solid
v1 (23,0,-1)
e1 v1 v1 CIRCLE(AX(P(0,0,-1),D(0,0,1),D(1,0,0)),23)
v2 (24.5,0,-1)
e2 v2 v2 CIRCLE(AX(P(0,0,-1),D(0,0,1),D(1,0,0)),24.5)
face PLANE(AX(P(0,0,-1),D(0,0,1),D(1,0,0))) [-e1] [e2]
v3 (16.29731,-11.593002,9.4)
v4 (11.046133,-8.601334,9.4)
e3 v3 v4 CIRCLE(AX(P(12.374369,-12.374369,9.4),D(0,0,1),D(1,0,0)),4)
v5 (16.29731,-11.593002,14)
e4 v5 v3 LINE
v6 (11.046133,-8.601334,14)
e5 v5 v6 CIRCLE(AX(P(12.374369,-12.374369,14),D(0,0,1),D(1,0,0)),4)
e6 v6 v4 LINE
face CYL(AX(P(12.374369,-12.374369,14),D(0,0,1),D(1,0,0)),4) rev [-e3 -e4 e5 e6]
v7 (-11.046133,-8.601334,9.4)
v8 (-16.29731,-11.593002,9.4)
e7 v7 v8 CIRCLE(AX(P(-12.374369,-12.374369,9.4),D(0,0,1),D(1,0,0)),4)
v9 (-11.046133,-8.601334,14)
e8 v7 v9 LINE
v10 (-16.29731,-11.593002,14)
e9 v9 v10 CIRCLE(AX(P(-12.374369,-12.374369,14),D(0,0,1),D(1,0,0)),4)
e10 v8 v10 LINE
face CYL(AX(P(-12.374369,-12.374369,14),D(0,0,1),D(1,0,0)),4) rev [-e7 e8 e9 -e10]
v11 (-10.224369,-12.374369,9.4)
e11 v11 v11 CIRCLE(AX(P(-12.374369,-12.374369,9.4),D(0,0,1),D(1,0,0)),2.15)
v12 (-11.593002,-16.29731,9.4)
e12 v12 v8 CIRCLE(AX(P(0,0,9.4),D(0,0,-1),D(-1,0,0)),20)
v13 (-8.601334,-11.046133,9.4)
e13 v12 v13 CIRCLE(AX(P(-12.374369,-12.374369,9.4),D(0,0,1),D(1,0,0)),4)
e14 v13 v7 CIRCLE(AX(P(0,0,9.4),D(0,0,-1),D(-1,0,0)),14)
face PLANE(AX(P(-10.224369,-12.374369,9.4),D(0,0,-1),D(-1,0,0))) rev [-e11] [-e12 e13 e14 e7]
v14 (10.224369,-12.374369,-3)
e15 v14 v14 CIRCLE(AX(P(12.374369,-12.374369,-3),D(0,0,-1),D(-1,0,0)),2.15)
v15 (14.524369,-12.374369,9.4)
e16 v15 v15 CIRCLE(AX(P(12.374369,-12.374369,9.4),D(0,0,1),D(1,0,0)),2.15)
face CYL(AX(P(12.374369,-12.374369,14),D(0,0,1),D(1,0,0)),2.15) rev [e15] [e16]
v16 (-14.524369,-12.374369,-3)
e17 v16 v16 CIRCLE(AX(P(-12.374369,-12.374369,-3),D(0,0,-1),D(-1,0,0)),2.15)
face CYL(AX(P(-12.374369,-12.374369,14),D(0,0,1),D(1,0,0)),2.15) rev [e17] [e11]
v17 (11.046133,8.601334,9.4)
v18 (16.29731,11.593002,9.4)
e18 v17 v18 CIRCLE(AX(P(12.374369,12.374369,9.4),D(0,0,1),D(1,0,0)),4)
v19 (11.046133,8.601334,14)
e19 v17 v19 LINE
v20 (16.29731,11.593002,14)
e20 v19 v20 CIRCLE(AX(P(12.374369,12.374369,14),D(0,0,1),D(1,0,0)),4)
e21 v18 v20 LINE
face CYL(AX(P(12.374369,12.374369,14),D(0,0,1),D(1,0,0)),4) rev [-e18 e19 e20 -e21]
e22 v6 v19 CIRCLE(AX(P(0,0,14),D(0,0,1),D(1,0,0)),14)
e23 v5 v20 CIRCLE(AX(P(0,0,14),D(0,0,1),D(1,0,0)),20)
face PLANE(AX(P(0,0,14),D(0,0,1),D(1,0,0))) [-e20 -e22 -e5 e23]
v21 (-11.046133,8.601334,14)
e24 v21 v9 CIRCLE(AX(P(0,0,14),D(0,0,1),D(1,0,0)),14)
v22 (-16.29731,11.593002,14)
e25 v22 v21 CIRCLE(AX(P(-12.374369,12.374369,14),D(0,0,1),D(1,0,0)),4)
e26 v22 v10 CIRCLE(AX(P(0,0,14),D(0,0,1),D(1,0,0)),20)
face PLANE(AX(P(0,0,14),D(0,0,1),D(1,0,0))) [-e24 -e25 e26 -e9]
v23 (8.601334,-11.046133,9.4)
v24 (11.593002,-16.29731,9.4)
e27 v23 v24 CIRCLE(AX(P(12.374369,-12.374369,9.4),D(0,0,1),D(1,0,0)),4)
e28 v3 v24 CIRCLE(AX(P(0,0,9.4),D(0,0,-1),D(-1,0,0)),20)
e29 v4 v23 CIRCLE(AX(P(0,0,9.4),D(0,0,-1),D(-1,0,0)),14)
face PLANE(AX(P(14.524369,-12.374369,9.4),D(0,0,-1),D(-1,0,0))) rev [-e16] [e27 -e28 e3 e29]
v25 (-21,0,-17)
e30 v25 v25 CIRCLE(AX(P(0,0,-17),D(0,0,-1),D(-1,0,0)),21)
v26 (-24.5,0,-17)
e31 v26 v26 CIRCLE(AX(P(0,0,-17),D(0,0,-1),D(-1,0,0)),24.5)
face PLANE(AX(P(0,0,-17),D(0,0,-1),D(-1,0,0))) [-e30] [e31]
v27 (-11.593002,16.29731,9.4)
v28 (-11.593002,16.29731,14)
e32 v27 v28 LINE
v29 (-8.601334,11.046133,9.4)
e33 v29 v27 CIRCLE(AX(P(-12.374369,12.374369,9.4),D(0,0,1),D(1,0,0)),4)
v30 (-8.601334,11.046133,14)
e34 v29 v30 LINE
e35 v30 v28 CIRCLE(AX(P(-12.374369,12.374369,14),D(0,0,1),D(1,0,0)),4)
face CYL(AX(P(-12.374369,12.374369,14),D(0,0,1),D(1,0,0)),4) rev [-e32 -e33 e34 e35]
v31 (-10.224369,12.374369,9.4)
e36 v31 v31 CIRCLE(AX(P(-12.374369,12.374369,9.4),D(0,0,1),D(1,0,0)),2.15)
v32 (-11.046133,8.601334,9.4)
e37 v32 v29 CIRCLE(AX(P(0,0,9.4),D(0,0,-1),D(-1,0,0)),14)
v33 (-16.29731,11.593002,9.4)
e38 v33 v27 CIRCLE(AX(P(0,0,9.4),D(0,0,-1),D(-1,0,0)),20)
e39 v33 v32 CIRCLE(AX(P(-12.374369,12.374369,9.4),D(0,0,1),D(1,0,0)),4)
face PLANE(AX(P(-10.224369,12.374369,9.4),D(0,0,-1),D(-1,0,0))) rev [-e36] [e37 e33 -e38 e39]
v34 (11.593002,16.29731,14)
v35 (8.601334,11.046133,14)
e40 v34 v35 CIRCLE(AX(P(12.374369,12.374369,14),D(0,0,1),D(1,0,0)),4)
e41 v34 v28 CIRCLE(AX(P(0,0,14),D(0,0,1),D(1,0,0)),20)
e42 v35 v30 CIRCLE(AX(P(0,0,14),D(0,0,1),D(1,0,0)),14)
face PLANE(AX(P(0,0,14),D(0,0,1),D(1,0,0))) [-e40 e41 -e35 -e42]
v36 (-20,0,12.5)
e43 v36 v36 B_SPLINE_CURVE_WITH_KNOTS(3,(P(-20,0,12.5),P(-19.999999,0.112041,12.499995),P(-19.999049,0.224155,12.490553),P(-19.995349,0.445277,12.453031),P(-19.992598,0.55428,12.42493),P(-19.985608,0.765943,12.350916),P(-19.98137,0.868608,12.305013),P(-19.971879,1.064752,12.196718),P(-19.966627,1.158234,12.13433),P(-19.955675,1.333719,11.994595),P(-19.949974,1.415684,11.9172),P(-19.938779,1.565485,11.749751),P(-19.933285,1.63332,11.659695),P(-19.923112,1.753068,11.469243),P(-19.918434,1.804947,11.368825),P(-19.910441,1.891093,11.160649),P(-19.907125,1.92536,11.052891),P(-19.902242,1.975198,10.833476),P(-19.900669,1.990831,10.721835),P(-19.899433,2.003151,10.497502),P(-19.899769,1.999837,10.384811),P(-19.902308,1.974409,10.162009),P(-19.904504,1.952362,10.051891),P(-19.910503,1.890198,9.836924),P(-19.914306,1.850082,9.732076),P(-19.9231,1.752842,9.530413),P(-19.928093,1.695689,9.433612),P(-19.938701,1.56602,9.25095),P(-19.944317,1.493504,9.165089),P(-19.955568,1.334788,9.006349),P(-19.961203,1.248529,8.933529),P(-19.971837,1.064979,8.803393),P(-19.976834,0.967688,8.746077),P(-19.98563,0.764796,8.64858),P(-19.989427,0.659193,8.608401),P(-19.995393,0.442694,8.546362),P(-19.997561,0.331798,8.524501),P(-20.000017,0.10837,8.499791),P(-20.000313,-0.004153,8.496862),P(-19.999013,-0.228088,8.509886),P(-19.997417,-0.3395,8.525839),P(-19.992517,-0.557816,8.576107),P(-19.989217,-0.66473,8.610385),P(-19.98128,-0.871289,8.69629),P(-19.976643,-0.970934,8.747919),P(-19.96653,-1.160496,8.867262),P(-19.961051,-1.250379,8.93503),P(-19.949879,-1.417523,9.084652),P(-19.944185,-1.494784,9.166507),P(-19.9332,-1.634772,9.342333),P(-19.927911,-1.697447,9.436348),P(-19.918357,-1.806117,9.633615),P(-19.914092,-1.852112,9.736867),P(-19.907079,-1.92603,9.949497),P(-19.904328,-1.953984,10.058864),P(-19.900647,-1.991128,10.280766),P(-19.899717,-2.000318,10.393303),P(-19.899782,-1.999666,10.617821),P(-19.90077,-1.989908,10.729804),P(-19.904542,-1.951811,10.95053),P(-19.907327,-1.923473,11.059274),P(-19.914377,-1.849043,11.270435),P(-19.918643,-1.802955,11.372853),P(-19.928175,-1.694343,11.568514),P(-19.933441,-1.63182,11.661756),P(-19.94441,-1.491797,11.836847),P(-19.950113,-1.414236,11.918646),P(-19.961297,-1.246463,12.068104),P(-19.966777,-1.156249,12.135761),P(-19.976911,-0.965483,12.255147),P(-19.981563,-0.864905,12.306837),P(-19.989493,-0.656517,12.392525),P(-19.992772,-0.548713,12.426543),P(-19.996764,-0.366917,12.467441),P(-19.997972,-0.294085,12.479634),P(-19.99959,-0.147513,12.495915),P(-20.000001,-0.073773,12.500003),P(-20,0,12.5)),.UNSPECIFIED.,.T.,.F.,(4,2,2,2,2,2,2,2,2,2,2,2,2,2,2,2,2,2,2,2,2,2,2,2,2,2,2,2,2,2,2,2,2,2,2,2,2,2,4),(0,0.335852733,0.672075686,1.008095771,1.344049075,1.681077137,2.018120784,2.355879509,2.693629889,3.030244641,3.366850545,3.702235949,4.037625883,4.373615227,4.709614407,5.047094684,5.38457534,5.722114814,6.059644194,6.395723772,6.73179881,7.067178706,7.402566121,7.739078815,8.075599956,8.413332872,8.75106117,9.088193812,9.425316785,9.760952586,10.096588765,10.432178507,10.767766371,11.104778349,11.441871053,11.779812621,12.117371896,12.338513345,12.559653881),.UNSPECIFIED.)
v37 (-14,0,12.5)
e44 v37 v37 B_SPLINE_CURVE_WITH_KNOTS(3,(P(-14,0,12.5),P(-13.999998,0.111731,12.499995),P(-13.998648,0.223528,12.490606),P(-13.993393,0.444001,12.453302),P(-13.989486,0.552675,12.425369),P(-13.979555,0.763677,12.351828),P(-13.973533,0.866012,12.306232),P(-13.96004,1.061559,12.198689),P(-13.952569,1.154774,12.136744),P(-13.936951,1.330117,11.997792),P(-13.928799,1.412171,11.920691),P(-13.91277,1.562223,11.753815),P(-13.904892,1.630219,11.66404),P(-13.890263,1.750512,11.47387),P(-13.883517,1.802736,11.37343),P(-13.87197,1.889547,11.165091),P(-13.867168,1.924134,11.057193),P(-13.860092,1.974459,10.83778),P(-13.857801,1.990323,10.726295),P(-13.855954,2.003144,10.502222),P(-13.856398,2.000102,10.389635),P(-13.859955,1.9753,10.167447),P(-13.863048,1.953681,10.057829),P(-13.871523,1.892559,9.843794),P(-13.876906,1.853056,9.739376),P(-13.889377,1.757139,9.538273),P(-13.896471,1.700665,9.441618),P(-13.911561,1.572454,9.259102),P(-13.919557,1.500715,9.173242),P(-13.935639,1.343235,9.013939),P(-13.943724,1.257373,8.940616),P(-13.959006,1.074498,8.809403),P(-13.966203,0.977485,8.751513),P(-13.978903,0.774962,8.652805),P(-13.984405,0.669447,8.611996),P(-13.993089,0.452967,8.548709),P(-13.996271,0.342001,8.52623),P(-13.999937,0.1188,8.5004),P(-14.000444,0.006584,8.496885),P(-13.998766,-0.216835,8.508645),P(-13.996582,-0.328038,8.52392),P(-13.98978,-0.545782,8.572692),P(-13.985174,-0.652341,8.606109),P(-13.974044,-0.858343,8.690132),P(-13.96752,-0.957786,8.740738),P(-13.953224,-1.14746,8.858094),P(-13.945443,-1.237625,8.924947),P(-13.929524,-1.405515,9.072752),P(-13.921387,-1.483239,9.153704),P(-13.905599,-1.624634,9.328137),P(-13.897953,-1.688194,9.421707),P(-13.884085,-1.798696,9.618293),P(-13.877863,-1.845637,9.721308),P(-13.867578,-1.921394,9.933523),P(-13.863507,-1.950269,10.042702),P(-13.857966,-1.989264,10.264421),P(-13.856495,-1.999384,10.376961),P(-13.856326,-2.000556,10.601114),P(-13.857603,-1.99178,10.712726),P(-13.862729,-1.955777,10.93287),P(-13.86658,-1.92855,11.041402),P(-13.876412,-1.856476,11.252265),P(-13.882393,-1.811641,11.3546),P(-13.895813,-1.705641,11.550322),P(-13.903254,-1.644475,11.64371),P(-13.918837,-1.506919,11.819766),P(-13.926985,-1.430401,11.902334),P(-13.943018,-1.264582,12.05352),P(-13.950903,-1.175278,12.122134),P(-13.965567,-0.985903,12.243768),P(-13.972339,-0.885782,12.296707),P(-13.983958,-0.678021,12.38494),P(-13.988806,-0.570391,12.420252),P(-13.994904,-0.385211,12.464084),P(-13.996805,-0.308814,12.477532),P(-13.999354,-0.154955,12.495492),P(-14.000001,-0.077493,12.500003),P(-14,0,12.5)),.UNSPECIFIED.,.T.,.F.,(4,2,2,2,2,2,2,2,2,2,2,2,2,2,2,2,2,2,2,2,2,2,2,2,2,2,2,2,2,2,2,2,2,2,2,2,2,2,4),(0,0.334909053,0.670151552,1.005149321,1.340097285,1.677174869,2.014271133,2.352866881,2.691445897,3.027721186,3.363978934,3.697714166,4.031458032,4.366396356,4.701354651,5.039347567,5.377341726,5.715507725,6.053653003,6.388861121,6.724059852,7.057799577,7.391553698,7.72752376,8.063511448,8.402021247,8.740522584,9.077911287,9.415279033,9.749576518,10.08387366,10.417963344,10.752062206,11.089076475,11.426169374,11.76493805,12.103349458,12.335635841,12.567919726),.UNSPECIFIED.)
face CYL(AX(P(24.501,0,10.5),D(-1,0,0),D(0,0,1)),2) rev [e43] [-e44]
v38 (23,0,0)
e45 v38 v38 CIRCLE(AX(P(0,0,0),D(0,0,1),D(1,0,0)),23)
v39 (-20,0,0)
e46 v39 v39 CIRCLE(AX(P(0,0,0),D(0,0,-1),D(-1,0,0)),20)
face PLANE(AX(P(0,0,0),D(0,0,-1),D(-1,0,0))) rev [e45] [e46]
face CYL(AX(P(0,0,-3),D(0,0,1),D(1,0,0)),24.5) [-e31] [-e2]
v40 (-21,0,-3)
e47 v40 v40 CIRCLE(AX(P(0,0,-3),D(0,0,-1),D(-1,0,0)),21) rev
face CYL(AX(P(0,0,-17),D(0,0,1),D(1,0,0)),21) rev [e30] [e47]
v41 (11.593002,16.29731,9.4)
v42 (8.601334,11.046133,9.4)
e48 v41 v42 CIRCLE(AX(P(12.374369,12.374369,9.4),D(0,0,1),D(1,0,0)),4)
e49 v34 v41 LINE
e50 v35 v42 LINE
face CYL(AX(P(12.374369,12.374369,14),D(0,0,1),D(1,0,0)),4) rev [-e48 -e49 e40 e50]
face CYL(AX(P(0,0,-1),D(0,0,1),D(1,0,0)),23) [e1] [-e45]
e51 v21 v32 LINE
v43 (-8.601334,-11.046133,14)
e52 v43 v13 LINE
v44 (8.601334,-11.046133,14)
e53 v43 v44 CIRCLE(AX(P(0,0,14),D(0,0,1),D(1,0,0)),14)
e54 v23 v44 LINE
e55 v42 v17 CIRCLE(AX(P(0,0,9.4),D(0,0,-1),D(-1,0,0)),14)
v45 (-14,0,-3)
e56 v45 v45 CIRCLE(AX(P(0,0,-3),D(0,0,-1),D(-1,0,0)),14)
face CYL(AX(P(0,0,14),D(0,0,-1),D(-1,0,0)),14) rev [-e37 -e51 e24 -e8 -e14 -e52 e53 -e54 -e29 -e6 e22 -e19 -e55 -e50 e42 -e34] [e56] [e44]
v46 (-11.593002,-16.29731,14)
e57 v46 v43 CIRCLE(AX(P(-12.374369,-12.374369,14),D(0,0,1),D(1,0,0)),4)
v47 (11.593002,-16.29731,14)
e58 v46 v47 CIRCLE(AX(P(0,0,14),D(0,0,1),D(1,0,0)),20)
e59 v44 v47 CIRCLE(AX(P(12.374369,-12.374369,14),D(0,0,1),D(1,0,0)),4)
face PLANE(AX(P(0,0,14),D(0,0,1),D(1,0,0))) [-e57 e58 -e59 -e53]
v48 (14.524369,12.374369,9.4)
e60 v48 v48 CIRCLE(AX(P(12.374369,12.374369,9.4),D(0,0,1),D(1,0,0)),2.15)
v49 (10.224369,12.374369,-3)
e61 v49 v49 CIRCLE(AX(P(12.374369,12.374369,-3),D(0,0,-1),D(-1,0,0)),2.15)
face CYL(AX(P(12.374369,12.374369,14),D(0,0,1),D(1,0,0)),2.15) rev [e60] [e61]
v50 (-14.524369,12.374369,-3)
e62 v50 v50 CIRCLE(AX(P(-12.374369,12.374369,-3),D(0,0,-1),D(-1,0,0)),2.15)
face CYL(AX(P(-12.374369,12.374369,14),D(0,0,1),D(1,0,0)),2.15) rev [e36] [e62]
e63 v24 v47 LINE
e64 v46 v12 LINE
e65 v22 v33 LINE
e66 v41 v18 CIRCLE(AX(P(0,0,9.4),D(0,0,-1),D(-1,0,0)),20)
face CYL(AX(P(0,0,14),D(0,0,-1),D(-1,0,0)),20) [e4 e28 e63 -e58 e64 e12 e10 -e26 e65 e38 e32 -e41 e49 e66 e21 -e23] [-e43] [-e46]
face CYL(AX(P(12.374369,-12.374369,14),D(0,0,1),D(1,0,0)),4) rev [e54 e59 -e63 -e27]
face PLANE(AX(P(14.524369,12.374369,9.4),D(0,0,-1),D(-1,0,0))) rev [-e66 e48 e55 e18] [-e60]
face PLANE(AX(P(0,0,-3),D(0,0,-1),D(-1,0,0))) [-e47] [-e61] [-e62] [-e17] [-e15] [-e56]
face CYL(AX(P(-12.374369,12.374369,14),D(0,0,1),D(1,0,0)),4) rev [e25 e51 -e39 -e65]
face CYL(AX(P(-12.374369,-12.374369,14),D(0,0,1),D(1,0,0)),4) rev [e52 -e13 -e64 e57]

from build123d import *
from build123d.topology import SkipClean

# Parameters (mm, degrees)
SKETCH_1_R                = 20
SKETCH_1_R_2              = 14
EXTRUDE_1_DEPTH           = 14
EXTRUDE_START             = 3
SKETCH_2_R                = 24.5
SKETCH_2_R_2              = 14
EXTRUDE_2_DEPTH           = 3
EXTRUDE_START_2           = 14
SKETCH_3_R                = 24.5
SKETCH_3_R_2              = 21
EXTRUDE_3_DEPTH           = 14
HOLE_WIZARD_1_D           = 4.3
HOLE_WIZARD_1_CBORE_D     = 8
HOLE_WIZARD_1_CBORE_DEPTH = 4.6
CUT_EXTRUDE_START         = -1
SKETCH_6_R                = 24.5
SKETCH_6_R_2              = 23
CUT_EXTRUDE_1_DEPTH       = 1
CUT_EXTRUDE_2_REACH       = 55.568
CUT_EXTRUDE_2_END_RADIUS  = 14
SKETCH_14_R               = 2


with BuildPart() as part:
    # 草图1 → 凸台-拉伸1 (new body)
    with BuildSketch(Plane.XY):
        Circle(SKETCH_1_R)
        Circle(SKETCH_1_R_2, mode=Mode.SUBTRACT)
    extrude(amount=EXTRUDE_1_DEPTH)

    # 草图2 → 凸台-拉伸2 (add)
    with SkipClean():  # the faces are left unmerged after this step: merging them gives an invalid solid
        with BuildSketch(Plane(origin=(0, 0, 0), x_dir=(-1, 0, 0), z_dir=(0, 0, -1)).offset(EXTRUDE_START)):
            Circle(SKETCH_2_R)
            Circle(SKETCH_2_R_2, mode=Mode.SUBTRACT)
        extrude(amount=-EXTRUDE_2_DEPTH)

    # 草图3 → 凸台-拉伸3 (add)
    with SkipClean():  # the faces are left unmerged after this step: merging them gives an invalid solid
        with BuildSketch(Plane(origin=(0, 0, -3), x_dir=(-1, 0, 0), z_dir=(0, 0, -1)).offset(EXTRUDE_START_2)):
            Circle(SKETCH_3_R)
            Circle(SKETCH_3_R_2, mode=Mode.SUBTRACT)
        extrude(amount=-EXTRUDE_3_DEPTH)

    # 打孔尺寸根据内六角圆柱头螺钉的类型1 (through all)
    with Locations(Plane.XY.offset(14)):
        with Locations((12.374368671, -12.374368671), (12.374368671, 12.374368671), (-12.374368671, 12.374368671), (-12.374368671, -12.374368671)):
            CounterBoreHole(HOLE_WIZARD_1_D / 2, HOLE_WIZARD_1_CBORE_D / 2, HOLE_WIZARD_1_CBORE_DEPTH)

    # 草图6 → 切除-拉伸1 (cut)
    with SkipClean():  # the faces are left unmerged after this step: merging them gives an invalid solid
        with BuildSketch(Plane.XY.offset(CUT_EXTRUDE_START)):
            Circle(SKETCH_6_R)
            Circle(SKETCH_6_R_2, mode=Mode.SUBTRACT)
        extrude(amount=CUT_EXTRUDE_1_DEPTH, mode=Mode.SUBTRACT)

    # 切除-拉伸2: up to this cylinder (the profile starts outside it)
    with SkipClean():  # the faces are left unmerged after this step: merging them gives an invalid solid
        cut_extrude_2_end = Plane(origin=(0, 0, 10.5), z_dir=(0, 0, -1)) * Cylinder(CUT_EXTRUDE_2_END_RADIUS, 140.136, mode=Mode.PRIVATE)
        # 草图14 → 切除-拉伸2 (cut, up to the surface)
        with BuildSketch(Plane.ZY.offset(20), mode=Mode.PRIVATE) as cut_extrude_2_sk1:
            with Locations((10.5, 0)):
                Circle(SKETCH_14_R)
        cut_extrude_2_tool1 = extrude(cut_extrude_2_sk1.sketch, amount=-CUT_EXTRUDE_2_REACH, mode=Mode.PRIVATE) - cut_extrude_2_end
        add(cut_extrude_2_tool1.solids().sort_by_distance((-20, 0, 10.5))[0], mode=Mode.SUBTRACT)


solid = part.part
